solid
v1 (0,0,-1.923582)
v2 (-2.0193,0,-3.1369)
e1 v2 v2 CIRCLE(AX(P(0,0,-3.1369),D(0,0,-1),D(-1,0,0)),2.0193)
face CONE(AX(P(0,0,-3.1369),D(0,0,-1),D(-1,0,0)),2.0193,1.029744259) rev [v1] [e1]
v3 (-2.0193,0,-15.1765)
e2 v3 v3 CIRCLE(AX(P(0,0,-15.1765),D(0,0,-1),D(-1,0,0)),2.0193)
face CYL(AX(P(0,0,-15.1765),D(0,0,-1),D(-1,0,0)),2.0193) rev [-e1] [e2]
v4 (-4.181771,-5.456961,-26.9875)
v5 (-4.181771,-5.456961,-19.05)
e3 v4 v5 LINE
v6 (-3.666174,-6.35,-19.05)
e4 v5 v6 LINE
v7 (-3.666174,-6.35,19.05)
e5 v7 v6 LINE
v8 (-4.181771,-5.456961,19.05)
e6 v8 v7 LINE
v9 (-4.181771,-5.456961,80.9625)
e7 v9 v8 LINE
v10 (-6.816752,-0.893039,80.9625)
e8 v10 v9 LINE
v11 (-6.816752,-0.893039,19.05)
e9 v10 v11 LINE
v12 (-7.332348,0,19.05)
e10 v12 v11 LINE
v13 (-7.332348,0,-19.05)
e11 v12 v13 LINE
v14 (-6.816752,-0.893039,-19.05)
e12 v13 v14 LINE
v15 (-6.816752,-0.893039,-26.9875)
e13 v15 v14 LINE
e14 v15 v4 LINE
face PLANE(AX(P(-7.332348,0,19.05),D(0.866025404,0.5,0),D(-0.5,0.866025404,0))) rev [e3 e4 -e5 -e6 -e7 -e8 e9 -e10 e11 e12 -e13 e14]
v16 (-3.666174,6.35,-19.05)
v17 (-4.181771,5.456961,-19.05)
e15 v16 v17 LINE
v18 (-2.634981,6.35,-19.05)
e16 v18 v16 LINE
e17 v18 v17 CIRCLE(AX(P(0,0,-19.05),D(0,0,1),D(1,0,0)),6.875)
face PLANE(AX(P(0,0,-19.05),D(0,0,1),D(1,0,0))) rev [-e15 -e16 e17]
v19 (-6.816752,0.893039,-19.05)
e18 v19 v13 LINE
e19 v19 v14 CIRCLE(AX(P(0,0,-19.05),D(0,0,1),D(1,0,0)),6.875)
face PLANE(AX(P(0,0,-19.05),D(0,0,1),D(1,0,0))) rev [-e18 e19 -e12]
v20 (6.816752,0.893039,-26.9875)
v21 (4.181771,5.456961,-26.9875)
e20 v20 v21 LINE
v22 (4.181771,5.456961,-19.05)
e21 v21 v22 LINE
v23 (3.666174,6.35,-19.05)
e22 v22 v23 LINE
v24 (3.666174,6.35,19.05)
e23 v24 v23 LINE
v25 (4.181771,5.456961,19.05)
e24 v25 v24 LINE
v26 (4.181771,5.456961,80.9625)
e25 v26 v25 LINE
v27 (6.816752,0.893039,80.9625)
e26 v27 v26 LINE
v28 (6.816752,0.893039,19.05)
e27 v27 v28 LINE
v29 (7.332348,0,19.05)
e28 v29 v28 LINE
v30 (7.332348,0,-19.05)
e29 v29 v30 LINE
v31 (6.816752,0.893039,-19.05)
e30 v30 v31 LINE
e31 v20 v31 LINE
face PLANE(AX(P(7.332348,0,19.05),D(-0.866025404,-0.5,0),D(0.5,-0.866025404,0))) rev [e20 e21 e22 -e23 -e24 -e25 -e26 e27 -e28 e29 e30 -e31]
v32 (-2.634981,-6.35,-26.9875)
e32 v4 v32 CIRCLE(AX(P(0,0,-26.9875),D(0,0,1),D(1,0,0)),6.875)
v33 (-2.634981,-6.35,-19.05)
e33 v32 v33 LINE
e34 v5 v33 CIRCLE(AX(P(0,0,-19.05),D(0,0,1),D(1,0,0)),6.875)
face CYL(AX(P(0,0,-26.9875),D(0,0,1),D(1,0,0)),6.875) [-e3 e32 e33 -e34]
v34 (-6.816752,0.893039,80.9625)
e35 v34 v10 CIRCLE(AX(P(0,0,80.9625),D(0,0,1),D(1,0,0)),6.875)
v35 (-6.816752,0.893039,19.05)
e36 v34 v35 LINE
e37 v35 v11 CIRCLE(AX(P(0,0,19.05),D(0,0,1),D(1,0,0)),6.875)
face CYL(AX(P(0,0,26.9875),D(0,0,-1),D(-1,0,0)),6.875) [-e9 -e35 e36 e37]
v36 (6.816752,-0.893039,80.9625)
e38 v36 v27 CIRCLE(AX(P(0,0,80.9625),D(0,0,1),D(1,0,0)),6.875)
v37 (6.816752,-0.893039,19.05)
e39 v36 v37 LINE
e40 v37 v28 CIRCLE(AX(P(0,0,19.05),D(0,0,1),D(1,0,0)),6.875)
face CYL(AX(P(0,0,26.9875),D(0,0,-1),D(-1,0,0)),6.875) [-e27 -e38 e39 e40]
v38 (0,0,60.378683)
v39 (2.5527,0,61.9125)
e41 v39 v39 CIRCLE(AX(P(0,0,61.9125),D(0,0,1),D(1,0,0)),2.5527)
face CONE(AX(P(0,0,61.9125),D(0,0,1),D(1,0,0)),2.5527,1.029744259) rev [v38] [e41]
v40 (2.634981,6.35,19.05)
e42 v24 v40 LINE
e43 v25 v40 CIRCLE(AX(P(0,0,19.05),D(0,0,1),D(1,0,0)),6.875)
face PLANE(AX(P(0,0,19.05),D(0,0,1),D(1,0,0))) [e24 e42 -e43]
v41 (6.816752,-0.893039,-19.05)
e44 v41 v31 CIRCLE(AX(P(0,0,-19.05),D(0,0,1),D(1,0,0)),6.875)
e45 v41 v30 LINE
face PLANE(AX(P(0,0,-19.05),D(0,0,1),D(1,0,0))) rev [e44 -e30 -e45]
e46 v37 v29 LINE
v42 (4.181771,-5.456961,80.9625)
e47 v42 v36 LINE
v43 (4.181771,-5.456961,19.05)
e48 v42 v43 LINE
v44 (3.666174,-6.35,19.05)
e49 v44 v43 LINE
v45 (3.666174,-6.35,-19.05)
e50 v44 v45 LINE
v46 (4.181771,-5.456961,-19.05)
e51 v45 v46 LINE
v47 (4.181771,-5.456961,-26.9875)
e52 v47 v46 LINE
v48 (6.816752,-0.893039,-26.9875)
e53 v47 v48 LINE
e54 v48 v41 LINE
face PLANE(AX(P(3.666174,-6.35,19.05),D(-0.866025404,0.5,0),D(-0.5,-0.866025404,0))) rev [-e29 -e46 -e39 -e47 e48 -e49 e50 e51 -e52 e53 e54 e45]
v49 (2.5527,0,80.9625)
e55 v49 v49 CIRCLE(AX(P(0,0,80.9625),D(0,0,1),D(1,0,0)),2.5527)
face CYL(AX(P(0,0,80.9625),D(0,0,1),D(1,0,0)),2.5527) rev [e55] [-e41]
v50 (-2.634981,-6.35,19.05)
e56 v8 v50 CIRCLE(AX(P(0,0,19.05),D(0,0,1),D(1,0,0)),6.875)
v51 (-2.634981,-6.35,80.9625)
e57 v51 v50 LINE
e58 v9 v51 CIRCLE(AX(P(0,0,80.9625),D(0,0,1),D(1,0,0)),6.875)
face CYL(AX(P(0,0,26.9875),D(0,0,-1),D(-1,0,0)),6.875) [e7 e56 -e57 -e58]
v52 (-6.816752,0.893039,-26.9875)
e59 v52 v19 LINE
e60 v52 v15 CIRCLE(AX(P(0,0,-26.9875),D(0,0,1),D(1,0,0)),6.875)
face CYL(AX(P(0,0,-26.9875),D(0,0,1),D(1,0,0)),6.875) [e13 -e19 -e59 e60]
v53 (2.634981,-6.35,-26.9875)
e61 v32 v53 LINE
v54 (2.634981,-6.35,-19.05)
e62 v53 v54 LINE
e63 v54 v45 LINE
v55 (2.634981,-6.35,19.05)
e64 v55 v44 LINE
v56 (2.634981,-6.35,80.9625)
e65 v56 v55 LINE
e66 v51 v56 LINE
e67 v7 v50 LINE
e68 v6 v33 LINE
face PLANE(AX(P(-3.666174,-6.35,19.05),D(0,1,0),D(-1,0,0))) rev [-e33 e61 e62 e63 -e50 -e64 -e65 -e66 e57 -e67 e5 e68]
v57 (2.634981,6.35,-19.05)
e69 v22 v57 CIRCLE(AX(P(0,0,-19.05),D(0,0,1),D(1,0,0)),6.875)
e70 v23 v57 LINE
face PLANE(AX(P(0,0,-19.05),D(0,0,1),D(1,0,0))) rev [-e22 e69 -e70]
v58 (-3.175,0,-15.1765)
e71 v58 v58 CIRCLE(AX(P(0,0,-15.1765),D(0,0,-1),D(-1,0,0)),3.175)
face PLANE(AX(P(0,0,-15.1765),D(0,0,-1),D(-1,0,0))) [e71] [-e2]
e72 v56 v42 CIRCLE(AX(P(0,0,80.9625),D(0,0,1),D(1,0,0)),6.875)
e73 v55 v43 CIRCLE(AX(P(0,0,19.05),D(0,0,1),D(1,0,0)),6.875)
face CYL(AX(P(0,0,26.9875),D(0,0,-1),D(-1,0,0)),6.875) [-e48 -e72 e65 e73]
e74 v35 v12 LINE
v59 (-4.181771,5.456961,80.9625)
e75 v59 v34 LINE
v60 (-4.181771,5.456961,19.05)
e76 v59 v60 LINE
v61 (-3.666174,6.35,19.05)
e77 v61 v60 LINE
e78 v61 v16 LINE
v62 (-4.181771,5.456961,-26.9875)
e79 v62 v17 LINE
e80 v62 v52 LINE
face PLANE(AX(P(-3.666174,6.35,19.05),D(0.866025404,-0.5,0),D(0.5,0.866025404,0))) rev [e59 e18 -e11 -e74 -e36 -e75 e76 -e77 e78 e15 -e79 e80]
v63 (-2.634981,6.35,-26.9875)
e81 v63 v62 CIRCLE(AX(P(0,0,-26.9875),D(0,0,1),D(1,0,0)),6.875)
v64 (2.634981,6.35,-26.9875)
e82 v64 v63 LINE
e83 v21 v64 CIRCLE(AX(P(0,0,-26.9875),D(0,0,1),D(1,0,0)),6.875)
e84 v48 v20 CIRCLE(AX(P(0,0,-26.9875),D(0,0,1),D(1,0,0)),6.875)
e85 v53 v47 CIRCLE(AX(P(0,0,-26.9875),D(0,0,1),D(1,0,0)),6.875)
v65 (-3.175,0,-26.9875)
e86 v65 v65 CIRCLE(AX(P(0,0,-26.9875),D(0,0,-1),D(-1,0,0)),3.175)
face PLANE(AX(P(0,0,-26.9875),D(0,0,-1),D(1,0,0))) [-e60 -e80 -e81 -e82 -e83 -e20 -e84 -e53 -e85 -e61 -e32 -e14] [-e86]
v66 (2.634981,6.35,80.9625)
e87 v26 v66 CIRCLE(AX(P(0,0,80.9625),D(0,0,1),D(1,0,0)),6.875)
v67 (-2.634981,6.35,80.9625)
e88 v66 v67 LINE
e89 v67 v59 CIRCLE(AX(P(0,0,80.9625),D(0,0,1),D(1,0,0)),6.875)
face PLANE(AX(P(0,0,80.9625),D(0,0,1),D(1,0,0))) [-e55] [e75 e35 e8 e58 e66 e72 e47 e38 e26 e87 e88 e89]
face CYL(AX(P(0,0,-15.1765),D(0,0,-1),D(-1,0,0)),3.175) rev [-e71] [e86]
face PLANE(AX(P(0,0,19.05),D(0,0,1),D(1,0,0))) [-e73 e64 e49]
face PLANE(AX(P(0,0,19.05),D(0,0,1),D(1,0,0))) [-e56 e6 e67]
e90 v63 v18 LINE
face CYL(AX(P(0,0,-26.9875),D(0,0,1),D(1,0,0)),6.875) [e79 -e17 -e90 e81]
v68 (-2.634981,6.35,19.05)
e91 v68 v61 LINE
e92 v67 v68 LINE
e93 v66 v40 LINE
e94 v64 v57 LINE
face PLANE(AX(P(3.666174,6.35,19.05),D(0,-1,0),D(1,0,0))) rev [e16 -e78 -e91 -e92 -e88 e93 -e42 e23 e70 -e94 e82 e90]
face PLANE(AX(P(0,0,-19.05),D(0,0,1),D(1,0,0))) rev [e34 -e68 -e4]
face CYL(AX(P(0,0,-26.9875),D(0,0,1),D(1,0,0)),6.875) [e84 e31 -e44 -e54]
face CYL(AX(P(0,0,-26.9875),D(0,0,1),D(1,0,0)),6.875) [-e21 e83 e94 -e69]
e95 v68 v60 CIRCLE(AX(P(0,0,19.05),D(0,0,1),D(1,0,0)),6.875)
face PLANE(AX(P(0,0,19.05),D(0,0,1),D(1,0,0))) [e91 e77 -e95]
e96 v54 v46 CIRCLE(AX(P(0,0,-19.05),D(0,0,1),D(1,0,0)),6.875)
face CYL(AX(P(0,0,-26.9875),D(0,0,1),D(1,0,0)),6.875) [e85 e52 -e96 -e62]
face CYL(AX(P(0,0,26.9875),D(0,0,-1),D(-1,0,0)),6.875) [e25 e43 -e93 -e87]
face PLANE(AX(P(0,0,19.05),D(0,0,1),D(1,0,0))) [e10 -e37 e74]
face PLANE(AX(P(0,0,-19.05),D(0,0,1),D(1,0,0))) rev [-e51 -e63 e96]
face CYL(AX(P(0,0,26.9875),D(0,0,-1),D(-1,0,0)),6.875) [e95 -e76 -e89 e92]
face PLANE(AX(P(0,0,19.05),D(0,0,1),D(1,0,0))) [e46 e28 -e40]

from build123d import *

# Parameters (mm, degrees)
BOSS_EXTRUDE1_DEPTH         = 19.05
BOSS_EXTRUDE2_DEPTH         = 7.9375
BOSS_EXTRUDE3_DEPTH         = 53.975
SKETCH6_R                   = 3.175
CUT_EXTRUDE1_DEPTH          = 11.811
F_10_32_TAPPED_HOLE1_D      = 4.0386
F_10_32_TAPPED_HOLE1_DEPTH  = 12.0396
F_10_32_TAPPED_HOLE1_TIP    = 1.213317848
F_1_4_20_TAPPED_HOLE1_D     = 5.1054
F_1_4_20_TAPPED_HOLE1_DEPTH = 19.05
F_1_4_20_TAPPED_HOLE1_TIP   = 1.533816902


with BuildPart() as part:
    # Sketch1 → Boss-Extrude1 (new body, symmetric)
    with BuildSketch(Plane.XY):
        Polygon((-7.332348419, 0), (-3.666174209, -6.35), (3.666174209, -6.35), (7.332348419, 0), (3.666174209, 6.35), (-3.666174209, 6.35), align=None)
    extrude(amount=BOSS_EXTRUDE1_DEPTH, both=True)

    # Sketch2 → Boss-Extrude2 (add)
    with BuildSketch(Plane.XY.offset(19.05)):
        with BuildLine():
            Line((6.816751826, 0.893039494), (4.181770802, 5.456960506))
            ThreePointArc((4.181770802, 5.456960506), (3.4375, 5.953924651), (2.634981025, 6.35))
            Line((2.634981025, 6.35), (-2.634981025, 6.35))
            ThreePointArc((-2.634981025, 6.35), (-3.4375, 5.953924651), (-4.181770802, 5.456960506))
            Line((-4.181770802, 5.456960506), (-6.816751826, 0.893039494))
            ThreePointArc((-6.816751826, 0.893039494), (-6.875, 0), (-6.816751826, -0.893039494))
            Line((-6.816751826, -0.893039494), (-4.181770802, -5.456960506))
            ThreePointArc((-4.181770802, -5.456960506), (-3.4375, -5.953924651), (-2.634981025, -6.35))
            Line((-2.634981025, -6.35), (2.634981025, -6.35))
            ThreePointArc((2.634981025, -6.35), (3.4375, -5.953924651), (4.181770802, -5.456960506))
            Line((4.181770802, -5.456960506), (6.816751826, -0.893039494))
            ThreePointArc((6.816751826, -0.893039494), (6.875, 0), (6.816751826, 0.893039494))
        make_face()
    boss_extrude2 = extrude(amount=BOSS_EXTRUDE2_DEPTH)

    # Mirror1: Boss-Extrude2 across plane
    add(boss_extrude2.mirror(Plane.XY))

    # Sketch3 → Boss-Extrude3 (add)
    with BuildSketch(Plane.XY.offset(26.9875)):
        with BuildLine():
            Line((6.816751826, 0.893039494), (4.181770802, 5.456960506))
            ThreePointArc((4.181770802, 5.456960506), (3.4375, 5.953924651), (2.634981025, 6.35))
            Line((2.634981025, 6.35), (-2.634981025, 6.35))
            ThreePointArc((-2.634981025, 6.35), (-3.4375, 5.953924651), (-4.181770802, 5.456960506))
            Line((-4.181770802, 5.456960506), (-6.816751826, 0.893039494))
            ThreePointArc((-6.816751826, 0.893039494), (-6.875, 0), (-6.816751826, -0.893039494))
            Line((-6.816751826, -0.893039494), (-4.181770802, -5.456960506))
            ThreePointArc((-4.181770802, -5.456960506), (-3.4375, -5.953924651), (-2.634981025, -6.35))
            Line((-2.634981025, -6.35), (2.634981025, -6.35))
            ThreePointArc((2.634981025, -6.35), (3.4375, -5.953924651), (4.181770802, -5.456960506))
            Line((4.181770802, -5.456960506), (6.816751826, -0.893039494))
            ThreePointArc((6.816751826, -0.893039494), (6.875, 0), (6.816751826, 0.893039494))
        make_face()
    extrude(amount=BOSS_EXTRUDE3_DEPTH)

    # Sketch6 → Cut-Extrude1 (cut)
    with BuildSketch(Plane(origin=(0, 0, -26.9875), x_dir=(-1, 0, 0), z_dir=(0, 0, -1))):
        Circle(SKETCH6_R)
    extrude(amount=-CUT_EXTRUDE1_DEPTH, mode=Mode.SUBTRACT)

    # #10-32 Tapped Hole1
    with Locations(Plane(origin=(0, 0, -15.1765), x_dir=(-1, 0, 0), z_dir=(0, 0, -1))):
        with Locations((0, 0)):
            Hole(F_10_32_TAPPED_HOLE1_D / 2, depth=F_10_32_TAPPED_HOLE1_DEPTH)
            with Locations((0, 0, -(F_10_32_TAPPED_HOLE1_DEPTH + F_10_32_TAPPED_HOLE1_TIP / 2))):  # 118° drill point
                Cone(0, F_10_32_TAPPED_HOLE1_D / 2, F_10_32_TAPPED_HOLE1_TIP, mode=Mode.SUBTRACT)

    # 1/4-20 Tapped Hole1
    with Locations(Plane.XY.offset(80.9625)):
        with Locations((0, 0)):
            Hole(F_1_4_20_TAPPED_HOLE1_D / 2, depth=F_1_4_20_TAPPED_HOLE1_DEPTH)
            with Locations((0, 0, -(F_1_4_20_TAPPED_HOLE1_DEPTH + F_1_4_20_TAPPED_HOLE1_TIP / 2))):  # 118° drill point
                Cone(0, F_1_4_20_TAPPED_HOLE1_D / 2, F_1_4_20_TAPPED_HOLE1_TIP, mode=Mode.SUBTRACT)


solid = part.part
